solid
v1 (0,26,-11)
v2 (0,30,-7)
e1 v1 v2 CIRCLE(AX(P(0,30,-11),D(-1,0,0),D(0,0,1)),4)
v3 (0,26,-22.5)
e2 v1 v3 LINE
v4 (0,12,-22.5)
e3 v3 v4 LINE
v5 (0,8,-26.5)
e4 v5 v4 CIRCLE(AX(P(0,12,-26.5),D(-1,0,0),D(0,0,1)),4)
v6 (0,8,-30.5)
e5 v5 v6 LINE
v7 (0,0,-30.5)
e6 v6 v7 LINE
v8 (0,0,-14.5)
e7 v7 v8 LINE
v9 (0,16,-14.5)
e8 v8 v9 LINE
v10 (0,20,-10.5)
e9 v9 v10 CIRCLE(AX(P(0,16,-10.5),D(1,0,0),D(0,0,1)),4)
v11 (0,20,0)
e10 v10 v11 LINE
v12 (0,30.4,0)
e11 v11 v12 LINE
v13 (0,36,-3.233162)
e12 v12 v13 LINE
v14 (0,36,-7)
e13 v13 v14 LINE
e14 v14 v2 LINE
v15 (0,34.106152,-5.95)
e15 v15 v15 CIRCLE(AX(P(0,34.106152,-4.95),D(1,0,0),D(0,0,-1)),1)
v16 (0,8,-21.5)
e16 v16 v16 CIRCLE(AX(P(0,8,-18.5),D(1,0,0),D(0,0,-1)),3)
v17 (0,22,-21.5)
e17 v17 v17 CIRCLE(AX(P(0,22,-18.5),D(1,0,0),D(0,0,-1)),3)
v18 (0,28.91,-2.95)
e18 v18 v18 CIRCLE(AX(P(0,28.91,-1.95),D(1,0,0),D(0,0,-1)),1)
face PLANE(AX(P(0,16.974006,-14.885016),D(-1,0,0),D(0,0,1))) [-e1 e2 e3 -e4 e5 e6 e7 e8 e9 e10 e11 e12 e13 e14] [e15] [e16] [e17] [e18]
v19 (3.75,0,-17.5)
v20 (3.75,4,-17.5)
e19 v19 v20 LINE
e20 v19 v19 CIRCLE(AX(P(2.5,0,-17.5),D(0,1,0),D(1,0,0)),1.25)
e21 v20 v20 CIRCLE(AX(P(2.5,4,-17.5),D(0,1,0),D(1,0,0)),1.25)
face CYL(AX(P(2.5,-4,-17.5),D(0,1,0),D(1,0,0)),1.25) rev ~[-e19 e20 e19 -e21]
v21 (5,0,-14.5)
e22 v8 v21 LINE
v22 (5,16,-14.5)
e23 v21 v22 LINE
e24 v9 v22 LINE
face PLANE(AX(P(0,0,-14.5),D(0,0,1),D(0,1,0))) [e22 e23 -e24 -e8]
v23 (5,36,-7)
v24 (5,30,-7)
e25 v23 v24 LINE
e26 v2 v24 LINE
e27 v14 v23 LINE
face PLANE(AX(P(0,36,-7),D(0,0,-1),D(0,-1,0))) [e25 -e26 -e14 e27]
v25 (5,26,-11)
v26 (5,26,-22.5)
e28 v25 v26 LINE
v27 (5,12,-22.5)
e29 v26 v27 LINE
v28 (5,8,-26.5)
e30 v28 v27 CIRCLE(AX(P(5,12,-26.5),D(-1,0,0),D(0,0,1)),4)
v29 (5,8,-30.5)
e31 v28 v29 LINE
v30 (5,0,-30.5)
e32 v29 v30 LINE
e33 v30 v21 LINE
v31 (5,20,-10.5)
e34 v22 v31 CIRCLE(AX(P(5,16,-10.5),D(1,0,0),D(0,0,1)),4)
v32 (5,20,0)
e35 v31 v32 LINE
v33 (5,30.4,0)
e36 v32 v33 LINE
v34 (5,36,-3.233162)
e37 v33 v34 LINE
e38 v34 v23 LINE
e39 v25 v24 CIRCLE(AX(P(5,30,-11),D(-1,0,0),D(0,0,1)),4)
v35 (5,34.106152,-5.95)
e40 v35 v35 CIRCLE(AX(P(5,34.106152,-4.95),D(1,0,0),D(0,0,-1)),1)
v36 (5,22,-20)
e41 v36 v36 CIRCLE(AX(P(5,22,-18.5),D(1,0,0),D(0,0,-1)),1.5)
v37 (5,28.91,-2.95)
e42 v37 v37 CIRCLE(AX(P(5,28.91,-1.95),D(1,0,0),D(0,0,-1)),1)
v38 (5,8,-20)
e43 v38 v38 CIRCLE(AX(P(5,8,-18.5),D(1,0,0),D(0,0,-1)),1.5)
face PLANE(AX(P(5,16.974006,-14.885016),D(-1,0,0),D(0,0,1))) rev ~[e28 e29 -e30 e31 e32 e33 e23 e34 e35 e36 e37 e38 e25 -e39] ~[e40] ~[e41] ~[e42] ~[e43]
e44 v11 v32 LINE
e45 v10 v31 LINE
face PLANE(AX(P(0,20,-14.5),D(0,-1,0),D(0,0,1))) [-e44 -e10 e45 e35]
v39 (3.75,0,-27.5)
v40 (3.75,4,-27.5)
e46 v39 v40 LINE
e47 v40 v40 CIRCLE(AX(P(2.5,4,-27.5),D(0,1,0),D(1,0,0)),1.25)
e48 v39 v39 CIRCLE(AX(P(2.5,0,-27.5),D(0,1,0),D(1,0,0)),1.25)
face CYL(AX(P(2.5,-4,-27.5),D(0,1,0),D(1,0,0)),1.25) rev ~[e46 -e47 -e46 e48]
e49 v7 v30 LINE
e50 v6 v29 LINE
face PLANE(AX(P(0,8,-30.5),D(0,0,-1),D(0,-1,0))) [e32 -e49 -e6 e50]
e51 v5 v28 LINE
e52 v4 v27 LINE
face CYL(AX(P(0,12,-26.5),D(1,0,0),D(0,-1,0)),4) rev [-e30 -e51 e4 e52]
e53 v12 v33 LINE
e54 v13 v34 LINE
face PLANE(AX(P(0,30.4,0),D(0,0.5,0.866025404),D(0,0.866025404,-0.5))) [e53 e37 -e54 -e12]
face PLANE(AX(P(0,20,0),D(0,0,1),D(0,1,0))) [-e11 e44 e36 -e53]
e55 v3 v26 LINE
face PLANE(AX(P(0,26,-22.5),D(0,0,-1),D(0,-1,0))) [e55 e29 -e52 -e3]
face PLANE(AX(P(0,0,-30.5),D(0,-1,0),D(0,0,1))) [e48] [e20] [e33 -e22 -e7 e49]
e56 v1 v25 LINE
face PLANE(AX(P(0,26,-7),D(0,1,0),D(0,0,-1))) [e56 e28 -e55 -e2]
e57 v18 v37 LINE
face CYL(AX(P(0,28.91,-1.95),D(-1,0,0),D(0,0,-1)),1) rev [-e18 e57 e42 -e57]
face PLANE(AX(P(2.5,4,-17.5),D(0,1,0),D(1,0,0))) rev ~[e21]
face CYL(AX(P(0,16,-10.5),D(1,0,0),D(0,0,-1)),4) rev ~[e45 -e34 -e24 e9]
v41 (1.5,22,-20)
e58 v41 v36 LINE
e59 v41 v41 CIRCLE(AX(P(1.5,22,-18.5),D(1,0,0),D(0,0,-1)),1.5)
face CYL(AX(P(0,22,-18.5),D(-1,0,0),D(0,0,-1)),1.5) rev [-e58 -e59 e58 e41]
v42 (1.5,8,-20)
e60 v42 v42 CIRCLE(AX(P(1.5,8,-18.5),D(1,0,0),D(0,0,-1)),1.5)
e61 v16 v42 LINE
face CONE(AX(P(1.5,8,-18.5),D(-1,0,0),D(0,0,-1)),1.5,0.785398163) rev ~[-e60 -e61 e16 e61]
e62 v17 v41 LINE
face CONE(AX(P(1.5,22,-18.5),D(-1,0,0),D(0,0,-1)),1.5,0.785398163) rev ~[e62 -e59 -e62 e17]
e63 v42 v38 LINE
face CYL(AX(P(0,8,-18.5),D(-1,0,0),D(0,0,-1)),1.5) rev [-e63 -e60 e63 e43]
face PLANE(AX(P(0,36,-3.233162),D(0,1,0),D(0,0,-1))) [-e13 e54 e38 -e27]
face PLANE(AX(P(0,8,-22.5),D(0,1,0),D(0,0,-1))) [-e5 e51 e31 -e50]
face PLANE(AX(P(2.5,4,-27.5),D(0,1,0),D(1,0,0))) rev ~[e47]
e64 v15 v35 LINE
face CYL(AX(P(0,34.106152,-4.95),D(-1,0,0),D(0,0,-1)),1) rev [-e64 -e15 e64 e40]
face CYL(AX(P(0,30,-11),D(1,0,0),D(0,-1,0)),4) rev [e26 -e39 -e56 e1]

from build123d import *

# Parameters (mm, degrees)
SKETCH1_R                       = 1.5
SKETCH1_R_2                     = 1
BOSS_EXTRUDE1_DEPTH             = 5
FILLET1_R                       = 4
TAP_DRILL_FOR_M3X0_5_TAP1_D     = 2.5
TAP_DRILL_FOR_M3X0_5_TAP1_DEPTH = 4
CHAMFER1_SIZE                   = 1.5


with BuildPart() as part:
    # Sketch1 → Boss-Extrude1 (new body)
    with BuildSketch(Plane(origin=(0, 0, 0), x_dir=(0, 0, -1), z_dir=(1, 0, 0))):
        Polygon((30.5, 0), (14.5, 0), (14.5, 20), (0, 20), (0, 30.4), (3.233161507, 36), (7, 36), (7, 26), (22.5, 26), (22.5, 8), (30.5, 8), align=None)
        with Locations((18.5, 8)):
            Circle(SKETCH1_R, mode=Mode.SUBTRACT)
        with Locations((18.5, 22)):
            Circle(SKETCH1_R, mode=Mode.SUBTRACT)
        with Locations((1.95, 28.91)):
            Circle(SKETCH1_R_2, mode=Mode.SUBTRACT)
        with Locations((4.95, 34.106152423)):
            Circle(SKETCH1_R_2, mode=Mode.SUBTRACT)
    extrude(amount=BOSS_EXTRUDE1_DEPTH)

    # Fillet1
    fillet1_edges = [part.edges().sort_by_distance(p)[0] for p in [
        (2.5, 20, -14.5),
        (2.5, 26, -7),
        (2.5, 8, -22.5),
    ]]
    fillet(fillet1_edges, radius=FILLET1_R)

    # Tap Drill for M3x0.5 Tap1
    with Locations(Plane(origin=(0, 0, 0), x_dir=(-1, 0, 0), z_dir=(0, -1, 0))):
        with Locations((-2.5, 17.5), (-2.5, 27.5)):
            Hole(TAP_DRILL_FOR_M3X0_5_TAP1_D / 2, depth=TAP_DRILL_FOR_M3X0_5_TAP1_DEPTH)

    # Chamfer1
    chamfer1_edges = [part.edges().sort_by_distance(p)[0] for p in [
        (0, 8, -17),
        (0, 22, -17),
    ]]
    chamfer(chamfer1_edges, length=CHAMFER1_SIZE)


solid = part.part
